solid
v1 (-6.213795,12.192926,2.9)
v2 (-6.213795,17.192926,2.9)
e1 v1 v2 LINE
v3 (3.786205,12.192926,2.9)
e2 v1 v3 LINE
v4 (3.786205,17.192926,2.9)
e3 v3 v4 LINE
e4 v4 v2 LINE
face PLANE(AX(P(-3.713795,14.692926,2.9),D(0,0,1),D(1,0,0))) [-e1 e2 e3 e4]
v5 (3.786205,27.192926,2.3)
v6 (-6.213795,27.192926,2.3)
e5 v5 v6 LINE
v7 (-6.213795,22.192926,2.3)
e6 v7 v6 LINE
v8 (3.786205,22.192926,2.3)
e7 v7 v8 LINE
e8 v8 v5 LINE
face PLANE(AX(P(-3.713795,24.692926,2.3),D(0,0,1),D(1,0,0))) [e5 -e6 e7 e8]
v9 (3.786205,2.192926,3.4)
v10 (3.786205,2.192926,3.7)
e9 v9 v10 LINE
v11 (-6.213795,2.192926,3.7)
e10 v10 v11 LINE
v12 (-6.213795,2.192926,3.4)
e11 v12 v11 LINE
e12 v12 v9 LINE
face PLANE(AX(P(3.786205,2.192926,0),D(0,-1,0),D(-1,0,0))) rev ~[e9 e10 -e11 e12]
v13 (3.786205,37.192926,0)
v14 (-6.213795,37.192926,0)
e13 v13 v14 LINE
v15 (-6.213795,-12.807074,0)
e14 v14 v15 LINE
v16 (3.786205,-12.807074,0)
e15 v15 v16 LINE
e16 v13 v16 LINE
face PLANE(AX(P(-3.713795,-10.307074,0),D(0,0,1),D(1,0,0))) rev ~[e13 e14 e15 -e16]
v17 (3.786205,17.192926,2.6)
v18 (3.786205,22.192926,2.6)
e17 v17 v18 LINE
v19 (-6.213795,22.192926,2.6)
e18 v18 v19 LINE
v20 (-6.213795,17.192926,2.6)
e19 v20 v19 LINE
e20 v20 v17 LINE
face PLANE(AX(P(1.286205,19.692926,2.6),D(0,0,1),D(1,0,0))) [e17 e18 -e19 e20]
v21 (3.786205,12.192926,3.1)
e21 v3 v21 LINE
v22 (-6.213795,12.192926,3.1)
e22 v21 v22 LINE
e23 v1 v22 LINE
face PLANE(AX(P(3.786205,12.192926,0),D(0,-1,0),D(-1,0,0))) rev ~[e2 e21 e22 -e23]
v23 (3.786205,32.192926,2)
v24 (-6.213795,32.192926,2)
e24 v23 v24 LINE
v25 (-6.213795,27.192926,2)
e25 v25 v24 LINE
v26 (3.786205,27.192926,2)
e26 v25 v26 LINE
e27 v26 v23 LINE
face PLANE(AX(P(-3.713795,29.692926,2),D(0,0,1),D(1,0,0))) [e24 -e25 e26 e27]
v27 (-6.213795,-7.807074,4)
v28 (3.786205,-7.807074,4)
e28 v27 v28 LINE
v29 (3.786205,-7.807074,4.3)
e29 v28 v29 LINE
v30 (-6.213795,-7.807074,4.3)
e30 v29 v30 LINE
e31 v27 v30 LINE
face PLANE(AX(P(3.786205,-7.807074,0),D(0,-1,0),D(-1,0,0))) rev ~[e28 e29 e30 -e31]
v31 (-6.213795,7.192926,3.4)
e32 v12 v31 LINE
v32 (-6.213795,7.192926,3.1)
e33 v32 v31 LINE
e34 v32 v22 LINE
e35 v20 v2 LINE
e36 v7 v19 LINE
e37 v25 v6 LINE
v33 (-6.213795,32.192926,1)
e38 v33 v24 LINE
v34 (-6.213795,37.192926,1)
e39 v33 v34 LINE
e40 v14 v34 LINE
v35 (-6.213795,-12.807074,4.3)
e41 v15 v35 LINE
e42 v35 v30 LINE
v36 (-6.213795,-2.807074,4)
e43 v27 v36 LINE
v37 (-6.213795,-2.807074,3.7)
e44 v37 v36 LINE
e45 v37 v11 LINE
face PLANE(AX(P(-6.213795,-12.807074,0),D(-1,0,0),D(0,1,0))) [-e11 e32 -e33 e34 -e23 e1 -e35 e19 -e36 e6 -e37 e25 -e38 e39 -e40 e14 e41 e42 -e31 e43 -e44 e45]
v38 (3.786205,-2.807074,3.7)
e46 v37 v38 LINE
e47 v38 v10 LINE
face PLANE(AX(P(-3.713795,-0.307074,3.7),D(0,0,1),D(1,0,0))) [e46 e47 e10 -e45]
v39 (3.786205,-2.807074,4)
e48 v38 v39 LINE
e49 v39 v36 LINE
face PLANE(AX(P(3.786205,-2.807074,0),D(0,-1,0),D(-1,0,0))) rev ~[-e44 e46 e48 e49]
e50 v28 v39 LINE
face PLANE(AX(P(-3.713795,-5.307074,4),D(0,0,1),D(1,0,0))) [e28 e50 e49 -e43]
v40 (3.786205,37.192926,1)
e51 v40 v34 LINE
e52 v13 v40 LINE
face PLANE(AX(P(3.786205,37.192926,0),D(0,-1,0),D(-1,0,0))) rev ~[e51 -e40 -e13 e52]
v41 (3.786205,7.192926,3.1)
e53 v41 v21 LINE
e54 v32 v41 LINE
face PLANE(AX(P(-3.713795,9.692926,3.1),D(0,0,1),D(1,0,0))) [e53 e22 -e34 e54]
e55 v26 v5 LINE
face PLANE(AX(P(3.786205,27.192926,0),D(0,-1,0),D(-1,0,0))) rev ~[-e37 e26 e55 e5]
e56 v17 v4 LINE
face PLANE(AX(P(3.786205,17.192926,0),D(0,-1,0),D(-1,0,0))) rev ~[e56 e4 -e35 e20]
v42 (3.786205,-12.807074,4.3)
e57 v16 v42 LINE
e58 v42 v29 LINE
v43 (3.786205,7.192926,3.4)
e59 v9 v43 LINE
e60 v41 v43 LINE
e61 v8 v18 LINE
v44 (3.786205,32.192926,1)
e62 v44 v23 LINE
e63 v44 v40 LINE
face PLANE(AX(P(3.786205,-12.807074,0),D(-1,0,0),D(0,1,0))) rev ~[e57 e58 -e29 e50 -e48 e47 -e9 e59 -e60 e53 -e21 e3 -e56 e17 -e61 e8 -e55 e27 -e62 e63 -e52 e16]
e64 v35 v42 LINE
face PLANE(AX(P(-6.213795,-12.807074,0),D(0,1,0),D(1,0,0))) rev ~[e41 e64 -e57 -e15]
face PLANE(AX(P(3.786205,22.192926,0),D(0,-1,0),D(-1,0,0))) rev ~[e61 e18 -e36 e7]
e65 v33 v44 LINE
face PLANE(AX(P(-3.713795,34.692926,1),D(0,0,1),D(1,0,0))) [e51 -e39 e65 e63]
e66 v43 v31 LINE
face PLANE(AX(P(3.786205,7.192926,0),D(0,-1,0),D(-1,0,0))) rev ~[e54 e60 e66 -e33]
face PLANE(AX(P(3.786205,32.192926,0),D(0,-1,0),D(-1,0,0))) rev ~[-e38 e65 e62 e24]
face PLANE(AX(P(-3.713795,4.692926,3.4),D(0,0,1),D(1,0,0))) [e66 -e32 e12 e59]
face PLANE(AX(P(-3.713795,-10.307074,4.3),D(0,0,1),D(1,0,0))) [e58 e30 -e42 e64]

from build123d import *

# Parameters (mm, degrees)
F0_W      = 5
F0_H      = 5
F1_DEPTH  = 1
F2_DEPTH  = 2
F3_DEPTH  = 2.3
F4_DEPTH  = 2.6
F5_DEPTH  = 2.9
F6_DEPTH  = 3.1
F7_DEPTH  = 3.4
F8_DEPTH  = 3.7
F9_DEPTH  = 4
F10_DEPTH = 4.3


with BuildPart() as f1:
    # F0 (on Top) → F1 (new body)
    with BuildSketch(Plane.XY):
        with Locations((-3.713795, 34.692926)):
            Rectangle(F0_W, F0_H)
        with Locations((1.286205, 34.692926)):
            Rectangle(F0_W, F0_H)
    extrude(amount=F1_DEPTH)

    # F0 (on Top) → F2 (join)
    with BuildSketch(Plane.XY):
        with Locations((-3.713795, 29.692926)):
            Rectangle(F0_W, F0_H)
        with Locations((1.286205, 29.692926)):
            Rectangle(F0_W, F0_H)
    extrude(amount=F2_DEPTH)

    # F0 (on Top) → F3 (join)
    with BuildSketch(Plane.XY):
        with Locations((-3.713795, 24.692926)):
            Rectangle(F0_W, F0_H)
        with Locations((1.286205, 24.692926)):
            Rectangle(F0_W, F0_H)
    extrude(amount=F3_DEPTH)

    # F0 (on Top) → F4 (join)
    with BuildSketch(Plane.XY):
        with Locations((1.286205, 19.692926)):
            Rectangle(F0_W, F0_H)
        with Locations((-3.713795, 19.692926)):
            Rectangle(F0_W, F0_H)
    extrude(amount=F4_DEPTH)

    # F0 (on Top) → F5 (join)
    with BuildSketch(Plane.XY):
        with Locations((-3.713795, 14.692926)):
            Rectangle(F0_W, F0_H)
        with Locations((1.286205, 14.692926)):
            Rectangle(F0_W, F0_H)
    extrude(amount=F5_DEPTH)

    # F0 (on Top) → F6 (join)
    with BuildSketch(Plane.XY):
        with Locations((-3.713795, 9.692926)):
            Rectangle(F0_W, F0_H)
        with Locations((1.286205, 9.692926)):
            Rectangle(F0_W, F0_H)
    extrude(amount=F6_DEPTH)

    # F0 (on Top) → F7 (join)
    with BuildSketch(Plane.XY):
        with Locations((-3.713795, 4.692926)):
            Rectangle(F0_W, F0_H)
        with Locations((1.286205, 4.692926)):
            Rectangle(F0_W, F0_H)
    extrude(amount=F7_DEPTH)

    # F0 (on Top) → F8 (join)
    with BuildSketch(Plane.XY):
        with Locations((-3.713795, -0.307074)):
            Rectangle(F0_W, F0_H)
        with Locations((1.286205, -0.307074)):
            Rectangle(F0_W, F0_H)
    extrude(amount=F8_DEPTH)

    # F0 (on Top) → F9 (join)
    with BuildSketch(Plane.XY):
        with Locations((-3.713795, -5.307074)):
            Rectangle(F0_W, F0_H)
        with Locations((1.286205, -5.307074)):
            Rectangle(F0_W, F0_H)
    extrude(amount=F9_DEPTH)

    # F0 (on Top) → F10 (join)
    with BuildSketch(Plane.XY):
        with Locations((-3.713795, -10.307074)):
            Rectangle(F0_W, F0_H)
        with Locations((1.286205, -10.307074)):
            Rectangle(F0_W, F0_H)
    extrude(amount=F10_DEPTH)


solid = f1.part
